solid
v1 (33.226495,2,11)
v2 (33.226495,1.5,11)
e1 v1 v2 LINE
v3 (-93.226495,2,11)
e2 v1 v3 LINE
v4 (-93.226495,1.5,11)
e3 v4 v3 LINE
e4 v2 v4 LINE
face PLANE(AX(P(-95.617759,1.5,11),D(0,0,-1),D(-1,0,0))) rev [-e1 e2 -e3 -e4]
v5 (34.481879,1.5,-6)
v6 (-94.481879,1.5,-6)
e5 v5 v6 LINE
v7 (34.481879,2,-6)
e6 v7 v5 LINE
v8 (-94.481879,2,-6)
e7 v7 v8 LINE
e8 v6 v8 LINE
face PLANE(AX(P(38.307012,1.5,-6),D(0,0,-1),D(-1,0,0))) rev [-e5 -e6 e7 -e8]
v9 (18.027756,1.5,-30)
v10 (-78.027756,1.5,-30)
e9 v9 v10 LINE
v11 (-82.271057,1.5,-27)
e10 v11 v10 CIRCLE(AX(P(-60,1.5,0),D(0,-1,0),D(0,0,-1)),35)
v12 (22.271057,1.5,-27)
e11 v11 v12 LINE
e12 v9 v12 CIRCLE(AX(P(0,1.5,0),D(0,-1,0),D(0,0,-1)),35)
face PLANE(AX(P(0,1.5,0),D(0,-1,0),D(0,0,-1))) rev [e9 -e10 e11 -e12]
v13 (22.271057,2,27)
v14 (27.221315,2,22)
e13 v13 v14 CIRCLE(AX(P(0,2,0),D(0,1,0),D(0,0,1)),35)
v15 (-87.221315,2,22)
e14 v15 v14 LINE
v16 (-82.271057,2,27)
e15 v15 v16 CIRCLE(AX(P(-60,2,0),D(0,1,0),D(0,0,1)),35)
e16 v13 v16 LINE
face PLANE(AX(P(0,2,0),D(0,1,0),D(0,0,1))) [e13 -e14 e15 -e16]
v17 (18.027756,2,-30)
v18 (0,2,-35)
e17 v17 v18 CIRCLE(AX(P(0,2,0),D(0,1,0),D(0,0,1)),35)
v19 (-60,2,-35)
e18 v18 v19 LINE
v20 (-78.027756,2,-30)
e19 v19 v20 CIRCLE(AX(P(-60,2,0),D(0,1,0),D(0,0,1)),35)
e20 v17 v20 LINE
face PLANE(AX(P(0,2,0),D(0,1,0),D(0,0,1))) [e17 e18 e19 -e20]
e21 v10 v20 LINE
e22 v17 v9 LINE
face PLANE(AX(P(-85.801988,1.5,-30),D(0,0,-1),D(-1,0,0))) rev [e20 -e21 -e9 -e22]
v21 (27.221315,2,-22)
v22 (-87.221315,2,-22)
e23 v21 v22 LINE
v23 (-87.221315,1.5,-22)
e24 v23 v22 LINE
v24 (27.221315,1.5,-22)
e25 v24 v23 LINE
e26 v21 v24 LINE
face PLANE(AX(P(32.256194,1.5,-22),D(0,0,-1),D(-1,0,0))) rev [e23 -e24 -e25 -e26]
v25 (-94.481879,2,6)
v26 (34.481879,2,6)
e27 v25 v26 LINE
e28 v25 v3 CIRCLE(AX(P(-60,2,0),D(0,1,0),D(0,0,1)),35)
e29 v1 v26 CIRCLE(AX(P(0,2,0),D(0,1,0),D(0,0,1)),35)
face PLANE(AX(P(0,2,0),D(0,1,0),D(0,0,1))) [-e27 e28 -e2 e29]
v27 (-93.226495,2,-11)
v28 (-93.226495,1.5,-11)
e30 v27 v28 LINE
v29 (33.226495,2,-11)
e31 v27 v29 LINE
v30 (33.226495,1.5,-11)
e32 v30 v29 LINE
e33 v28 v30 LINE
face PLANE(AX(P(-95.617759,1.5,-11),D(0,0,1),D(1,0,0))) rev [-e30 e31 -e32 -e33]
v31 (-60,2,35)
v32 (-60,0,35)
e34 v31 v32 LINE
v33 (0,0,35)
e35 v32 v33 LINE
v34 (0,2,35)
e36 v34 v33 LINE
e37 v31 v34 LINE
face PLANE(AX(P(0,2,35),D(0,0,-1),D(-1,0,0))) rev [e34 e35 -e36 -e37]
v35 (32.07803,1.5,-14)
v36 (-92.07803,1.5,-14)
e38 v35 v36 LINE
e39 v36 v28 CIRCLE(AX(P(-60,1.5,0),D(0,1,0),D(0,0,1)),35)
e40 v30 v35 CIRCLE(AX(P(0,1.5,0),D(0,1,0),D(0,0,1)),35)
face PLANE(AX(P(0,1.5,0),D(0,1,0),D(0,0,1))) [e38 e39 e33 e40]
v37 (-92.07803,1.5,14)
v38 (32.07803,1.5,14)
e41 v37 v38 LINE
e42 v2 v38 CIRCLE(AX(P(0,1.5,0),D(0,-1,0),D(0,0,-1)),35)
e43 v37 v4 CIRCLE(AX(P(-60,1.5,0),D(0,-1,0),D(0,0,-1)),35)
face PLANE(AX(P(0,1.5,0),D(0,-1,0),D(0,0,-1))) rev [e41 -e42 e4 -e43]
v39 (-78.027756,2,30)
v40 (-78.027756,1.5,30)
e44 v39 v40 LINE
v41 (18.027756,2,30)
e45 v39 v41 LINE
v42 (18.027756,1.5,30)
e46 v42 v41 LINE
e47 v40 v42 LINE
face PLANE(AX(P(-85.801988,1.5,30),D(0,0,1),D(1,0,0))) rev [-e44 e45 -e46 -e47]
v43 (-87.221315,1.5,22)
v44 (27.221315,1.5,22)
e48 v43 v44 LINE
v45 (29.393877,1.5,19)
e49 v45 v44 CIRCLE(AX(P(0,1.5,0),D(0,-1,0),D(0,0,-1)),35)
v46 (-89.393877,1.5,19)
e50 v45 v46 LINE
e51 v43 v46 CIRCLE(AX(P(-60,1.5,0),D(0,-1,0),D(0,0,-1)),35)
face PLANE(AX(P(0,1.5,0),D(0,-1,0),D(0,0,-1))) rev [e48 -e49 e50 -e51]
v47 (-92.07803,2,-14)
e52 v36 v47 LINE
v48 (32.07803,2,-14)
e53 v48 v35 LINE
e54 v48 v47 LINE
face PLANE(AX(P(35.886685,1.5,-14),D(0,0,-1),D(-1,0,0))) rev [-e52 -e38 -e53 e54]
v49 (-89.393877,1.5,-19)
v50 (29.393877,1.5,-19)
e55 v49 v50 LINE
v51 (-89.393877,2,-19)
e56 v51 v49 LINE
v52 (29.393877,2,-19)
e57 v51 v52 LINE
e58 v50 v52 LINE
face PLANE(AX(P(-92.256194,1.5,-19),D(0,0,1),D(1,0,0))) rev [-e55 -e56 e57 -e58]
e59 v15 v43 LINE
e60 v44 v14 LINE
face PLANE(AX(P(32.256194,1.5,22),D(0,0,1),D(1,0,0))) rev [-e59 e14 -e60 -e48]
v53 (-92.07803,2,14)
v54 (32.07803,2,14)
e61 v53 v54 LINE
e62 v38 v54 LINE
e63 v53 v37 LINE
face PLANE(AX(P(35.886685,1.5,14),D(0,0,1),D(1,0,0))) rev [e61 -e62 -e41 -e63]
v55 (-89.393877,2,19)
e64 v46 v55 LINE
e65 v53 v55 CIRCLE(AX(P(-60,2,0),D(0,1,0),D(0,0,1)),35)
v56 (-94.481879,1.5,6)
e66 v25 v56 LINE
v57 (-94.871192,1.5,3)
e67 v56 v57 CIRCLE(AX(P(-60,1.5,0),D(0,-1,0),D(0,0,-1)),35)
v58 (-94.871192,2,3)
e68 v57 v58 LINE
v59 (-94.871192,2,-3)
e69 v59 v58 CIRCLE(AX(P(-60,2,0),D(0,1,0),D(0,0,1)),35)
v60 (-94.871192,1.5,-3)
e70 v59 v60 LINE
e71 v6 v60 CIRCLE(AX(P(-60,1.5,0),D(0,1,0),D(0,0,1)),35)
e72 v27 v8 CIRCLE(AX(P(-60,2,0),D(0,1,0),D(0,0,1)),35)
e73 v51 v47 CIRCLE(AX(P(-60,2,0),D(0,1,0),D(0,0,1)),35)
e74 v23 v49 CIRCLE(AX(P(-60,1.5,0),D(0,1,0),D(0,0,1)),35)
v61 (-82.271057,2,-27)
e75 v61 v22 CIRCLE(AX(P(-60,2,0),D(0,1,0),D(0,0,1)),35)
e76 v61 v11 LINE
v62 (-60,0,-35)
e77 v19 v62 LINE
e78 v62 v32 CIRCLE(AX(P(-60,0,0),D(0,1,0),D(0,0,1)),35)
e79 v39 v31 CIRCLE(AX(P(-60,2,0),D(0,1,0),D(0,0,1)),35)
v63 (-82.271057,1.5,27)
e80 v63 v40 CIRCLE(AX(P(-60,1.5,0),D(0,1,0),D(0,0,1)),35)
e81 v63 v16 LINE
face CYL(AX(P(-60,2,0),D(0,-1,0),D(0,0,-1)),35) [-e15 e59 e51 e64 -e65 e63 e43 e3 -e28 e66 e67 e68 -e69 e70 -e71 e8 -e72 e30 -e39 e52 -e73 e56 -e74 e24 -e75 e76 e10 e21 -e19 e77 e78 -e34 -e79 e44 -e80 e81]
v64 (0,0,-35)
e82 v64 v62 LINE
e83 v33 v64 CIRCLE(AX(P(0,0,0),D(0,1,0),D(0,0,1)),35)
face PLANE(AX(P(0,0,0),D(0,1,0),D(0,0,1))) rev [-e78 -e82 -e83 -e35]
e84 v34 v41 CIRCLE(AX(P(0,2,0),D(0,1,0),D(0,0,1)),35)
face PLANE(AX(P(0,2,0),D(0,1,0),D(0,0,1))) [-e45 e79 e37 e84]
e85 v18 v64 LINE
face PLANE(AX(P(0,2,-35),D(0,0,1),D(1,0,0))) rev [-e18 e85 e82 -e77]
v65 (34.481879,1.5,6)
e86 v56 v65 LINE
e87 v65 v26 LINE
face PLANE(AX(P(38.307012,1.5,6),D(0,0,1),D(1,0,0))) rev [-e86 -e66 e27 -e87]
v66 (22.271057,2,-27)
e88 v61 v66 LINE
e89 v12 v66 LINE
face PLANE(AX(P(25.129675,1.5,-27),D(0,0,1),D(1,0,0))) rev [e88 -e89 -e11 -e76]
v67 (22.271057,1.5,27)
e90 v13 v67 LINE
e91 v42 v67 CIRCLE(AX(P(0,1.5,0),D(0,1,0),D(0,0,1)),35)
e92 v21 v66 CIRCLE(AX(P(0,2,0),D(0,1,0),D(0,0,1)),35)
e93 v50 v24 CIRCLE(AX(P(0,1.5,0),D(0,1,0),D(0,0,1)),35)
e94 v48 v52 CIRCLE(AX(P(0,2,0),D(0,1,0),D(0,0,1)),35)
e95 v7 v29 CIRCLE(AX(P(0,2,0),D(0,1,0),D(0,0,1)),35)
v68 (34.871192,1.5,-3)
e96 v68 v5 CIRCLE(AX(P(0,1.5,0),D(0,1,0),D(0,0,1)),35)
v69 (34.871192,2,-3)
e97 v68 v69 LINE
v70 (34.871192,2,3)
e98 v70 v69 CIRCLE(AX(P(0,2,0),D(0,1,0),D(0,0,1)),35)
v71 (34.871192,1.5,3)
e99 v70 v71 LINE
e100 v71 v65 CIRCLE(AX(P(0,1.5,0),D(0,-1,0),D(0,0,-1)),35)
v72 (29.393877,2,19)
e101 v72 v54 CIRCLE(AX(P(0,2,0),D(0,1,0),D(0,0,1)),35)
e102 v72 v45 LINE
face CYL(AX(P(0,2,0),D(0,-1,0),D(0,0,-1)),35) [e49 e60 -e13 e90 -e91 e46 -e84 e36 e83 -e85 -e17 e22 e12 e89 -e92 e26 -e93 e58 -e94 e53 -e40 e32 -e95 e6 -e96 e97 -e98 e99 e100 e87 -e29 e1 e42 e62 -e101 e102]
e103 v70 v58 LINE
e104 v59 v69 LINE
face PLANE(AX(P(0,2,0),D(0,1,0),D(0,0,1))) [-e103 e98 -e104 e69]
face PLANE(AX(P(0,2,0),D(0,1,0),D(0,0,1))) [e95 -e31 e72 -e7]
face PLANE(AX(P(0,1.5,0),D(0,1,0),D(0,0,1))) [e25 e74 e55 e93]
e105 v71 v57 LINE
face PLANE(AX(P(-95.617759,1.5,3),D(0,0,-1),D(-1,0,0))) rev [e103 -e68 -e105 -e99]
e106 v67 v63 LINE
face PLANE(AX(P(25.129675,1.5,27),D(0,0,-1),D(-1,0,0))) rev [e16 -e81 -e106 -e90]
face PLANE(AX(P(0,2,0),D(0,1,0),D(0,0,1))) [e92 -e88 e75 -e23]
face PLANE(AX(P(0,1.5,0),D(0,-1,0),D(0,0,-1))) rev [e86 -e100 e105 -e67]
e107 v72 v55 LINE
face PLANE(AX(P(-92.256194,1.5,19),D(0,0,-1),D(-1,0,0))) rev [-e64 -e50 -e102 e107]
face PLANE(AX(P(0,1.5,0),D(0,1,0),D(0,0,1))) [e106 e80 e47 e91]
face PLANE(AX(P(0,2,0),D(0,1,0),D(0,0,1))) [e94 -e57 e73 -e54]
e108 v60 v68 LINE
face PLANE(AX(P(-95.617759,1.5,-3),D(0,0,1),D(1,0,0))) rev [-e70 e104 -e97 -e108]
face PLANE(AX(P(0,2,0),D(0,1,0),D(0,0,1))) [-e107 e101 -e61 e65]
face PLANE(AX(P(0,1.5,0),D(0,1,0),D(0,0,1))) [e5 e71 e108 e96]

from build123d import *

# Parameters (mm, degrees)
BOSS_EXTRUDE1_DEPTH = 2
SKETCH2_W           = 110.931662833
SKETCH2_H           = 3
SKETCH2_W_2         = 124.512387616
SKETCH2_W_3         = 131.50444394
SKETCH2_W_4         = 133.924771129
CUT_EXTRUDE1_DEPTH  = 0.5


with BuildPart() as part:
    # Sketch1 → Boss-Extrude1 (new body)
    with BuildSketch(Plane(origin=(0, 0, 0), x_dir=(1, 0, 0), z_dir=(0, 1, 0))):
        with BuildLine():
            Line((0, 35), (-60, 35))
            ThreePointArc((-60, 35), (-95, 0), (-60, -35))
            Line((-60, -35), (0, -35))
            ThreePointArc((0, -35), (35, 0), (0, 35))
        make_face()
    extrude(amount=BOSS_EXTRUDE1_DEPTH)

    # Sketch2 → Cut-Extrude1 (cut)
    with BuildSketch(Plane(origin=(0, 2, 0), x_dir=(1, 0, 0), z_dir=(0, 1, 0))):
        with Locations((-30.336156555, 28.5)):
            Rectangle(SKETCH2_W, SKETCH2_H)
        with Locations((-30, 20.5)):
            Rectangle(SKETCH2_W_2, SKETCH2_H)
        with Locations((-29.865537378, 12.5)):
            Rectangle(SKETCH2_W_3, SKETCH2_H)
        with Locations((-28.655373784, 4.5)):
            Rectangle(SKETCH2_W_4, SKETCH2_H)
        with Locations((-28.655373784, -4.5)):
            Rectangle(SKETCH2_W_4, SKETCH2_H)
        with Locations((-29.865537378, -12.5)):
            Rectangle(SKETCH2_W_3, SKETCH2_H)
        with Locations((-30, -20.5)):
            Rectangle(SKETCH2_W_2, SKETCH2_H)
        with Locations((-30.336156555, -28.5)):
            Rectangle(SKETCH2_W, SKETCH2_H)
    extrude(amount=-CUT_EXTRUDE1_DEPTH, mode=Mode.SUBTRACT)


solid = part.part
